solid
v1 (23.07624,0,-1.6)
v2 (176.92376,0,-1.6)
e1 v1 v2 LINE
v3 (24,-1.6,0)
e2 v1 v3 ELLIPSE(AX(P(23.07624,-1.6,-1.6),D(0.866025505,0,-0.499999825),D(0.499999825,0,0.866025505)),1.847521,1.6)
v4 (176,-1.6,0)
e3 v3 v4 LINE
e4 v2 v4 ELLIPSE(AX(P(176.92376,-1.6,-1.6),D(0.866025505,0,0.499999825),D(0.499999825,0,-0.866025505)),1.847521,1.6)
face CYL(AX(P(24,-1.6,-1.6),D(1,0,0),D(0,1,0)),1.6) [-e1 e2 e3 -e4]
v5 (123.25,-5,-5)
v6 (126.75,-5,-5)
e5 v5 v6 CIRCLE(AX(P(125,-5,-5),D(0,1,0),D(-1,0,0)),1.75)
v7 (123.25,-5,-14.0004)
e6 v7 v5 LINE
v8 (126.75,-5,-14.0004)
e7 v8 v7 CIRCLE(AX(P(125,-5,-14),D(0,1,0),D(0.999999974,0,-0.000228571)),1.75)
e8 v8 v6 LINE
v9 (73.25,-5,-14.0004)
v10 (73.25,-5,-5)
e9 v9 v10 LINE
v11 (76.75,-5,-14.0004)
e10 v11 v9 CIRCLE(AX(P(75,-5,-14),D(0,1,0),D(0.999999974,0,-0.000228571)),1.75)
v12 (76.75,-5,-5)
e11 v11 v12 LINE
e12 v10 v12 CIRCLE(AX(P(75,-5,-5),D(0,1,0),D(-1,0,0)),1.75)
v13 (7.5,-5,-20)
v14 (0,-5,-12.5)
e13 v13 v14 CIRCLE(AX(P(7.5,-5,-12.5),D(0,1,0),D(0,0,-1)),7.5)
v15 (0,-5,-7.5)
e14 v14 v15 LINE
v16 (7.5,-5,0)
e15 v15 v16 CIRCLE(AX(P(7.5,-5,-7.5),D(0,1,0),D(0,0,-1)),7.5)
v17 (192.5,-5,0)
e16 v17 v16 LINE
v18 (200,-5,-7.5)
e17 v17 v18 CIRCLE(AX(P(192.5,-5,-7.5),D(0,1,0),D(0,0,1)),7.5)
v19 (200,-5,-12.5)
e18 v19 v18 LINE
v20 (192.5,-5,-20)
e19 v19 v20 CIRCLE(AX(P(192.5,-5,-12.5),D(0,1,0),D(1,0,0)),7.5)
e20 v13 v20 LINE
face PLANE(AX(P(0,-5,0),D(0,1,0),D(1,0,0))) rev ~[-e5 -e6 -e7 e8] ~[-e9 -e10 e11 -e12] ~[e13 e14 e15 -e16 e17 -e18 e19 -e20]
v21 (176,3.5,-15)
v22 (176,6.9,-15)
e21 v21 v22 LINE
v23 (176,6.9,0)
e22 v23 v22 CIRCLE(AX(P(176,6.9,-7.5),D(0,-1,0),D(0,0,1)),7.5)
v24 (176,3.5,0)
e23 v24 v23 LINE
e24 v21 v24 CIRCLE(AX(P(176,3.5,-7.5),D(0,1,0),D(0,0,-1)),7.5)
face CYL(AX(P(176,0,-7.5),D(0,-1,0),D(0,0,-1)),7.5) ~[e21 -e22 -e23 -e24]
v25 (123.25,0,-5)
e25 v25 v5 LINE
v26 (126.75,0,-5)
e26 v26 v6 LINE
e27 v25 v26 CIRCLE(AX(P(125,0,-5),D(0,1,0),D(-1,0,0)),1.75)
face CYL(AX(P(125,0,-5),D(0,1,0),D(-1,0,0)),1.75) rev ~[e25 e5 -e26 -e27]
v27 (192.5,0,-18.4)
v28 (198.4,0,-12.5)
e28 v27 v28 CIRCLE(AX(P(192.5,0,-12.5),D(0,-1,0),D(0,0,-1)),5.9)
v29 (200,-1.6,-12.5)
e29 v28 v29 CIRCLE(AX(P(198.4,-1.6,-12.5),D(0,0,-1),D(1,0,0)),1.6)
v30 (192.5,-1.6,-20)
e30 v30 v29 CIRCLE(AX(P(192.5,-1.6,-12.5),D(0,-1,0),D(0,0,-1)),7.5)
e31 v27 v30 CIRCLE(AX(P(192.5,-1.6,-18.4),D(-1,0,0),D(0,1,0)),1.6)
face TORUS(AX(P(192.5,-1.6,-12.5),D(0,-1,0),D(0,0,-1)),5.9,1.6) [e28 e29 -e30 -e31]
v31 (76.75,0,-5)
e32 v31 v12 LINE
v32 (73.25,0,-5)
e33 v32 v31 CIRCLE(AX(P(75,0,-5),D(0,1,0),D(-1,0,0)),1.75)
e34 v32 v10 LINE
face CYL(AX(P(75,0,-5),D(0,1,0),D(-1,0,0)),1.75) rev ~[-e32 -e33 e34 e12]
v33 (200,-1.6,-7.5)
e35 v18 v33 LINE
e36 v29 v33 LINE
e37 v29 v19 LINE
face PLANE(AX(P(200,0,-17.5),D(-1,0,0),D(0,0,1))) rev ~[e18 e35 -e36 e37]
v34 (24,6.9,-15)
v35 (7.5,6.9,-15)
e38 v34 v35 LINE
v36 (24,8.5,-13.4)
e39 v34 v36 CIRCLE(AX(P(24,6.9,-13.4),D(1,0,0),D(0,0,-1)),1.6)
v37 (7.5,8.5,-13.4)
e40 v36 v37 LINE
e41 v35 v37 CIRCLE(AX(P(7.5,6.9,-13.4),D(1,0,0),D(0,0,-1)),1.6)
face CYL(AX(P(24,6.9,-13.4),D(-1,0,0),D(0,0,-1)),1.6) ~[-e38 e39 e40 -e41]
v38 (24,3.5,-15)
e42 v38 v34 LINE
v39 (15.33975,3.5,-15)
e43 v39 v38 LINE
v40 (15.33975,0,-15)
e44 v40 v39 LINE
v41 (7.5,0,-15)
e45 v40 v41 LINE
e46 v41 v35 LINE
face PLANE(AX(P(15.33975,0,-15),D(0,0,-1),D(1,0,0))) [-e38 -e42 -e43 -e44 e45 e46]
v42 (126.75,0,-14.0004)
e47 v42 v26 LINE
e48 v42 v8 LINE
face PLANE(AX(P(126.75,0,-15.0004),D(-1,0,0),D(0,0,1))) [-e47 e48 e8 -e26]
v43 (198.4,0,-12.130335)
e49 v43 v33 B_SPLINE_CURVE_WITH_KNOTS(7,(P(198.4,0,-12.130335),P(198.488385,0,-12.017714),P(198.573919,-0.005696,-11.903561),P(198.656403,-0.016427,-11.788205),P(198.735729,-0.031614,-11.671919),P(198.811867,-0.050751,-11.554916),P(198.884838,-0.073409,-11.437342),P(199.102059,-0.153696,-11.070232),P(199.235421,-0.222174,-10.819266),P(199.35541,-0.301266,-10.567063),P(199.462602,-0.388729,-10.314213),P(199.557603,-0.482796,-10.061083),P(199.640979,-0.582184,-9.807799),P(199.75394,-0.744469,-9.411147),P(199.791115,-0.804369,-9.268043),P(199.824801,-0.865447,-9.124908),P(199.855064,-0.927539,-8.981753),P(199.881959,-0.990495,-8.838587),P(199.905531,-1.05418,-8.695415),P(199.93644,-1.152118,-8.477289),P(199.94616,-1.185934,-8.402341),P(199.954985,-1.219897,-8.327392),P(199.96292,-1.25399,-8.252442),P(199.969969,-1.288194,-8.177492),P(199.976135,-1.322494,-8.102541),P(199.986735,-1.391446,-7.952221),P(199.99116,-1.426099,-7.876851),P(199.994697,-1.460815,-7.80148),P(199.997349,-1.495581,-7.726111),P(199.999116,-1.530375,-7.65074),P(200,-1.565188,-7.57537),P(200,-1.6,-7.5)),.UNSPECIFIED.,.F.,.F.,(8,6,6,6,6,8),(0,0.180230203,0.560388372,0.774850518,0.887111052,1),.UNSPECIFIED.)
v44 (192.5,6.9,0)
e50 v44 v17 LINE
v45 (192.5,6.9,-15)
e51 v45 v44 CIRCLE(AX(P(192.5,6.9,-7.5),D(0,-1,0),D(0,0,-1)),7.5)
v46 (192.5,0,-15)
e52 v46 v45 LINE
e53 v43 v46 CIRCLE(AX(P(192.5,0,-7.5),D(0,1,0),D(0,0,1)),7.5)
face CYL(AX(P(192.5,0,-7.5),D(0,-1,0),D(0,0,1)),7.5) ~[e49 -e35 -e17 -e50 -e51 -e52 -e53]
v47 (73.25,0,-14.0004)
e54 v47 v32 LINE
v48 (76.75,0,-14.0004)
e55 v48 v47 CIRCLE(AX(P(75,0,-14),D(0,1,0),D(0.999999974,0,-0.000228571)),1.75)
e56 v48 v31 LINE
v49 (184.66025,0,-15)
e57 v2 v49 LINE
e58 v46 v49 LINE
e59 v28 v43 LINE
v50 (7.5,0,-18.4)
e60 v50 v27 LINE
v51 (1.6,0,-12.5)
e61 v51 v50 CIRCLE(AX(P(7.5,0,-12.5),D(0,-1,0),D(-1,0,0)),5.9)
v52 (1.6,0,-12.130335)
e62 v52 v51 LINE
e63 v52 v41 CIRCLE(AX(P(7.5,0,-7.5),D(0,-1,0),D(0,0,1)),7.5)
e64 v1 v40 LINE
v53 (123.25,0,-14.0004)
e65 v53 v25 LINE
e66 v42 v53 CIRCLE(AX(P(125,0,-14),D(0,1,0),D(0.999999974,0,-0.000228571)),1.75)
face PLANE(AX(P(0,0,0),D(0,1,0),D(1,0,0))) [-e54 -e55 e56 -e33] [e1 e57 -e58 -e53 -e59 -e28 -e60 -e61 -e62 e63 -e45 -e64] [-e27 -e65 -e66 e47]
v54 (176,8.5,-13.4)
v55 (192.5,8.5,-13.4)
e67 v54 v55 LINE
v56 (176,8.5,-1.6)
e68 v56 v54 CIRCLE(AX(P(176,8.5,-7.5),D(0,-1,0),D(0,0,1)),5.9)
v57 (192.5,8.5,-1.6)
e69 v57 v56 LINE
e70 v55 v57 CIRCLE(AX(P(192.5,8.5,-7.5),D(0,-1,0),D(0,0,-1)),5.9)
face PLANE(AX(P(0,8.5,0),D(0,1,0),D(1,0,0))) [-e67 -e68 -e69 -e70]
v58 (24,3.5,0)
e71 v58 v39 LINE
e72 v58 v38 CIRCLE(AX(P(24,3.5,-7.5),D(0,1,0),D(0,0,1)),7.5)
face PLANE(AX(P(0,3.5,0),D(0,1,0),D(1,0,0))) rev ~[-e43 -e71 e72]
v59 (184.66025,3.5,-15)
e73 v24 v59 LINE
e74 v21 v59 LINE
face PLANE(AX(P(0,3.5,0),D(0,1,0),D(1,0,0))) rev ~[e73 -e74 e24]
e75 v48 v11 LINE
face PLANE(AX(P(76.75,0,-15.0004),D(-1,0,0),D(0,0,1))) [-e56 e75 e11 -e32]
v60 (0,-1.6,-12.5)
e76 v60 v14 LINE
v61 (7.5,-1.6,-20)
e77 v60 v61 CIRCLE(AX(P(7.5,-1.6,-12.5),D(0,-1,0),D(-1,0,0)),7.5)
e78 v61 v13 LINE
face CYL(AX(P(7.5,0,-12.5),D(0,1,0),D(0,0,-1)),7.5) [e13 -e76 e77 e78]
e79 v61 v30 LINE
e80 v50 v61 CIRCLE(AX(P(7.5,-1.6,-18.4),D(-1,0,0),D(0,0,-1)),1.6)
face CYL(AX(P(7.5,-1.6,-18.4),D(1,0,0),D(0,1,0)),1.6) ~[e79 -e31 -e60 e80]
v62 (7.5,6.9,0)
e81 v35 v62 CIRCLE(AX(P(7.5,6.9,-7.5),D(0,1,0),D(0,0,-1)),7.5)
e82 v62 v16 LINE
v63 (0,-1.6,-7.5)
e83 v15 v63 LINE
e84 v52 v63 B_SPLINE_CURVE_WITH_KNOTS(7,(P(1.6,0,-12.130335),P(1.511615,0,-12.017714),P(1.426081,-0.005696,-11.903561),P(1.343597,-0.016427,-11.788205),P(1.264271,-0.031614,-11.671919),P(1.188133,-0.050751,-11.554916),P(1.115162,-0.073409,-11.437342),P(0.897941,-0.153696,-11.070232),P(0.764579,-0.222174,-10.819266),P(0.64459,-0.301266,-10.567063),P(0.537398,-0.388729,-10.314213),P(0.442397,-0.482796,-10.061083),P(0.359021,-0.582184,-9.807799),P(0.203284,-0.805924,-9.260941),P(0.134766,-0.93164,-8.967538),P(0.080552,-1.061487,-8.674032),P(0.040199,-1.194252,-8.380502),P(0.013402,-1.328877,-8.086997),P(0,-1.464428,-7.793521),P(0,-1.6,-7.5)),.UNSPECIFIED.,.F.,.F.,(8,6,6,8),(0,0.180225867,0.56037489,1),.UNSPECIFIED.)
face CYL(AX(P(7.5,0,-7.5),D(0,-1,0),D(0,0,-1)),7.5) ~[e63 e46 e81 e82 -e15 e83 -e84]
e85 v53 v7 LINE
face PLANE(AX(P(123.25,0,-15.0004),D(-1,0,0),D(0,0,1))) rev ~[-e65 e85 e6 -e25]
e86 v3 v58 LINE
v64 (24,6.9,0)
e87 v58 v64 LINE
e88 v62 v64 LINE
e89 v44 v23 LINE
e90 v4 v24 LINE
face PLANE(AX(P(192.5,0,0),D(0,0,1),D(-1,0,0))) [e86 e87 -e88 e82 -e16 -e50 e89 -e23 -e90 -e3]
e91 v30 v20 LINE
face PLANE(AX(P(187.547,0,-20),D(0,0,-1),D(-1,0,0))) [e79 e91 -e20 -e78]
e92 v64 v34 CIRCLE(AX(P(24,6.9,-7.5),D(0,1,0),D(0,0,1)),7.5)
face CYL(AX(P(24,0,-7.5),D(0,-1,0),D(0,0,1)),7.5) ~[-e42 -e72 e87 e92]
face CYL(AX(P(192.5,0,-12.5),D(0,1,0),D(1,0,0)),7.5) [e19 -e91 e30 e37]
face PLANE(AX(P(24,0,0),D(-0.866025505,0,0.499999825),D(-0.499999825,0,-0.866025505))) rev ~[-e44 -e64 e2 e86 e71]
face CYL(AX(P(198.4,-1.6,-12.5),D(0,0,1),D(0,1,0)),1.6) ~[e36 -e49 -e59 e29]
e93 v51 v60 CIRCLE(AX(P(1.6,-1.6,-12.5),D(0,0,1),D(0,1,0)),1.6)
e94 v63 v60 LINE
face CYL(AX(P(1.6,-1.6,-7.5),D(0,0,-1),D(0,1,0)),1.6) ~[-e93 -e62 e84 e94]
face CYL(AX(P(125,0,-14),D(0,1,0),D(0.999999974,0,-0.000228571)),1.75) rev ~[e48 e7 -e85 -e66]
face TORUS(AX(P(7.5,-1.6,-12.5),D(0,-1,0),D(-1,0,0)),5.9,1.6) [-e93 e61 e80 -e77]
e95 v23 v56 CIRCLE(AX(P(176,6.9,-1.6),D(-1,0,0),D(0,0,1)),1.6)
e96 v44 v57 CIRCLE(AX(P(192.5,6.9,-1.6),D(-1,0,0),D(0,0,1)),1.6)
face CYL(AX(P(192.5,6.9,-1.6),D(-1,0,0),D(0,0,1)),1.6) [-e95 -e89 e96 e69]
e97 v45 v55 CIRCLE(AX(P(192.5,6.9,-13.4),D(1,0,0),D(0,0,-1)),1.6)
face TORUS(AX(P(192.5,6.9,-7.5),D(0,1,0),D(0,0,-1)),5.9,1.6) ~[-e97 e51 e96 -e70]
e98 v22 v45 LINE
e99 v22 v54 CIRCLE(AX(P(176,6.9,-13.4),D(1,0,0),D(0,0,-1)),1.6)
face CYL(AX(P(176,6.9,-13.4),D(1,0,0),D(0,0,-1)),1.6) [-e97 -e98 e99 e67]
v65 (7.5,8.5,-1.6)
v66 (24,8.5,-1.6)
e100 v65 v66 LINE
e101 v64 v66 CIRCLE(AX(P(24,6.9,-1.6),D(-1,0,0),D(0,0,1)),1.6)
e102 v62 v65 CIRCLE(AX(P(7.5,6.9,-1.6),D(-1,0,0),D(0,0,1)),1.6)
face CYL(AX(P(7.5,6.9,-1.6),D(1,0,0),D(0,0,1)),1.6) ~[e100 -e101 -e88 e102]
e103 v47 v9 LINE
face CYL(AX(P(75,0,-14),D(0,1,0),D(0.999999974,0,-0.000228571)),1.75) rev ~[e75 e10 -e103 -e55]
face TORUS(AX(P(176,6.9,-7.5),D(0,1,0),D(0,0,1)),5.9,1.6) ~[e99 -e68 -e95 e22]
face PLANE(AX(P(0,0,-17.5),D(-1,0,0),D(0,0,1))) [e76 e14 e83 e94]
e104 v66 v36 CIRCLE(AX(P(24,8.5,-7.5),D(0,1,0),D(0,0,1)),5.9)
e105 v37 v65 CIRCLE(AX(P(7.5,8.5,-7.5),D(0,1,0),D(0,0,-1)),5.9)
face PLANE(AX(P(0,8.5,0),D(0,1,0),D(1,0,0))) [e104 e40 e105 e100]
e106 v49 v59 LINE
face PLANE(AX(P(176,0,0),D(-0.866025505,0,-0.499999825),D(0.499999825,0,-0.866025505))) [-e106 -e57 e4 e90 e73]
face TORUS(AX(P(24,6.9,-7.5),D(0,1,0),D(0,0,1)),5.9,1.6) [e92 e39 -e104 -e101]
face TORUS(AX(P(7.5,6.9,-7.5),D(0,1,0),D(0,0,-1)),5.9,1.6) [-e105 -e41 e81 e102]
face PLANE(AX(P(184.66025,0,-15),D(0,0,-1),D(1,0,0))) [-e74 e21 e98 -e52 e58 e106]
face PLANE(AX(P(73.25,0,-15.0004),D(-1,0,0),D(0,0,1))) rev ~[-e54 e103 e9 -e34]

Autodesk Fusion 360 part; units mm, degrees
sketch "Sketch1" plane through (0, 0, 0) normal (0, 1, 0) x (1, 0, 0)
  line L0 (100, 0) -> (24, 0)
  line L1 (100, 0) -> (176, 0)
  line L2 (176, 0) -> (224, 0) construction
  arc A0 (24, 0) -> (24, 15) centre (24, 7.5) ccw
  arc A1 (176, 15) -> (176, 0) centre (176, 7.5) ccw
  arc A2 (7.5, 15) -> (7.5, 0) centre (7.5, 7.5) ccw
  arc A3 (192.5, 0) -> (192.5, 15) centre (192.5, 7.5) ccw
  arc A4 (7.5, 25) -> (0, 17.5) centre (7.5, 17.5) ccw
  arc A5 (200, 17.5) -> (192.5, 25) centre (192.5, 17.5) ccw
  line L3 (9.5662, 25) -> (12.453, 20)
  line L4 (192.5, 25) -> (190.4338, 25)
  line L5 (190.4338, 25) -> (187.547, 20)
  line L6 (187.547, 20) -> (12.453, 20)
  line L7 (7.5, 25) -> (9.5662, 25)
  line L8 (192.5, 0) -> (7.5, 0)
  line L9 (0, 17.5) -> (0, 7.5)
  line L10 (200, 17.5) -> (200, 7.5)
  line L11 (100, 20) -> (100, 0)
  line L12 (123.25, 15.0004) -> (123.25, 4)
  line L13 (126.75, 15.0004) -> (126.75, 4)
  arc A6 (126.75, 15.0004) -> (123.25, 15.0004) centre (125, 15) ccw
  arc A7 (123.25, 4) -> (126.75, 4) centre (125, 4) ccw
  line L14 (73.25, 15.0004) -> (73.25, 4)
  arc A8 (76.75, 15.0004) -> (73.25, 15.0004) centre (75, 15) ccw
  line L15 (76.75, 15.0004) -> (76.75, 4)
  arc A9 (73.25, 4) -> (76.75, 4) centre (75, 4) ccw
  line L16 (24, 0) -> (12.453, 20)
  line L17 (176, 0) -> (187.547, 20)
  line L18 (176, 15) -> (192.5, 15)
  line L19 (7.5, 15) -> (24, 15)
  point P0 (7.5, 17.5)
  point P1 (192.5, 17.5)
extrude "Extrude1" add sketch "Sketch1" against normal blind 5 makes body 1
extrude "Extrude2" add sketch "Sketch1" along normal blind 5 contours A0 L16 L19 | A2 L8 L16 L19 | A3 L8 L17 L18 | A1 L17 L18 | A2 A4 L3 L7 L9 L16 L19 | A3 A5 L4 L5 L10 L17 L18 bodies 1
extrude "Extrude3" add sketch "Sketch1" along normal blind 10 separate body contours A0 L16 L19 | A2 L8 L16 L19 | A3 L8 L17 L18 | A1 L17 L18 makes body 2 at (18.5, 0, -5) makes body 3 at (187, 0, -5)
extrude "Extrude4" cut sketch "Sketch1" along normal blind 3.5 contours A0 L16 L19 | A1 L17 L18 bodies 2 3
extrude "Extrude5" cut 2 faces at (187, 10, -5) (18.5, 10, -5) along direction (0, -1, 0) blind 1.5 on bodies 2 3 bodies 2 3
extrude "Extrude6" cut 2 faces at (184.3868, 5, -5) (15.6132, 5, -5) along direction (0, -1, 0) blind 5 on bodies 1 bodies 1
combine "Combine1" operation add target body 3 tool bodies 2 1
sketch "Sketch2" plane through (0, 0, 0) normal (0, 1, 0) x (-1, 0, 0)
  arc A0 (-76.75, -15.0004) -> (-73.25, -15.0004) centre (-75, -15) ccw
  line L0 (-76.75, -15.0004) -> (-76.75, -4)
  arc A1 (-73.25, -4) -> (-76.75, -4) centre (-75, -4) ccw
  line L1 (-73.25, -4) -> (-73.25, -15.0004)
  arc A2 (-126.75, -15.0004) -> (-123.25, -15.0004) centre (-125, -15) ccw
  line L2 (-126.75, -15.0004) -> (-126.75, -4)
  arc A3 (-123.25, -4) -> (-126.75, -4) centre (-125, -4) ccw
  line L3 (-123.25, -4) -> (-123.25, -15.0004)
  line L4 (-176, 0) -> (-184.6603, -15)
  line L5 (-184.6603, -15) -> (-192.5, -15)
  arc A4 (-200, -7.5) -> (-192.5, -15) centre (-192.5, -7.5) ccw
  line L6 (-200, -7.5) -> (-200, -17.5)
  arc A5 (-200, -17.5) -> (-192.5, -25) centre (-192.5, -17.5) ccw
  line L7 (-192.5, -25) -> (-190.4338, -25)
  line L8 (-190.4338, -25) -> (-187.547, -20)
  line L9 (-187.547, -20) -> (-12.453, -20)
  line L10 (-12.453, -20) -> (-9.5662, -25)
  line L11 (-9.5662, -25) -> (-7.5, -25)
  arc A6 (-7.5, -25) -> (0, -17.5) centre (-7.5, -17.5) ccw
  line L12 (0, -17.5) -> (0, -7.5)
  arc A7 (-7.5, -15) -> (0, -7.5) centre (-7.5, -7.5) ccw
  line L13 (-7.5, -15) -> (-15.3397, -15)
  line L14 (-15.3397, -15) -> (-24, 0)
  line L15 (-24, 0) -> (-176, 0)
  arc A8 (-76.75, -14.0004) -> (-73.25, -14.0004) centre (-75, -14) ccw
  arc A9 (-73.25, -5) -> (-76.75, -5) centre (-75, -5) ccw
  line L16 (-73.25, -14.0004) -> (-73.25, -5)
  line L17 (-76.75, -5) -> (-76.75, -14.0004)
  line L18 (-100, -20) -> (-100, 0)
  line L19 (-126.75, -4) -> (-126.75, -15.0004)
  line L20 (-123.25, -15.0004) -> (-123.25, -4)
  arc A10 (-126.75, -14.0004) -> (-123.25, -14.0004) centre (-125, -14) ccw
  arc A11 (-123.25, -5) -> (-126.75, -5) centre (-125, -5) ccw
  line L21 (-123.25, -5) -> (-123.25, -14.0004)
  line L22 (-126.75, -14.0004) -> (-126.75, -5)
  point P0 (-125, -4)
  point P1 (-125, -15)
extrude "Extrude7" add sketch "Sketch2" against normal blind 5 contours A0 L0 L1 A8 | L0 A1 L1 A9 | A2 L2 L3 L19 L20 A10 | L2 A3 L3 L19 L20 A11 bodies 3
sketch "Sketch3" plane through (0, 0, 0) normal (0, 1, 0) x (-1, 0, 0)
  arc A0 (-76.75, -14.0004) -> (-73.25, -14.0004) centre (-75, -14) ccw
  line L0 (-76.75, -14.0004) -> (-76.75, -5)
  arc A1 (-73.25, -5) -> (-76.75, -5) centre (-75, -5) ccw
  line L1 (-73.25, -5) -> (-73.25, -14.0004)
  arc A2 (-126.75, -14.0004) -> (-123.25, -14.0004) centre (-125, -14) ccw
  line L2 (-126.75, -14.0004) -> (-126.75, -5)
  arc A3 (-123.25, -5) -> (-126.75, -5) centre (-125, -5) ccw
  line L3 (-123.25, -5) -> (-123.25, -14.0004)
  line L4 (-176, 0) -> (-184.6603, -15)
  line L5 (-184.6603, -15) -> (-192.5, -15)
  arc A4 (-200, -7.5) -> (-192.5, -15) centre (-192.5, -7.5) ccw
  line L6 (-200, -7.5) -> (-200, -17.5)
  arc A5 (-200, -17.5) -> (-192.5, -25) centre (-192.5, -17.5) ccw
  line L7 (-192.5, -25) -> (-190.4338, -25)
  line L8 (-190.4338, -25) -> (-187.547, -20)
  line L9 (-187.547, -20) -> (-12.453, -20)
  line L10 (-12.453, -20) -> (-9.5662, -25)
  line L11 (-9.5662, -25) -> (-7.5, -25)
  arc A6 (-7.5, -25) -> (0, -17.5) centre (-7.5, -17.5) ccw
  line L12 (0, -17.5) -> (0, -7.5)
  arc A7 (-7.5, -15) -> (0, -7.5) centre (-7.5, -7.5) ccw
  line L13 (-7.5, -15) -> (-15.3397, -15)
  line L14 (-15.3397, -15) -> (-24, 0)
  line L15 (-24, 0) -> (-176, 0)
  arc A8 (-7.5, -20) -> (0, -12.5) centre (-7.5, -12.5) ccw
  arc A9 (-200, -12.5) -> (-192.5, -20) centre (-192.5, -12.5) ccw
  line L16 (-192.5, -20) -> (-187.547, -20)
  line L17 (-7.5, -20) -> (-12.453, -20)
extrude "Extrude8" cut sketch "Sketch3" against normal blind 5 contours L6 A5 L7 L8 A9 L16 | L10 L11 A6 L12 A8 L17 bodies 3
fillet "Fillet1" radius 1.6 14 edges at (100, 0, 0) (200, 0, -10) (197.8033, 0, -17.8033) (100, 0, -20) (2.1967, 0, -17.8033) (0, 0, -10) (0, 8.5, -7.5) (15.75, 8.5, -15) (31.5, 8.5, -7.5) (15.75, 8.5, 0) (184.25, 8.5, -15) (200, 8.5, -7.5) (184.25, 8.5, 0) (168.5, 8.5, -7.5) on bodies 3
